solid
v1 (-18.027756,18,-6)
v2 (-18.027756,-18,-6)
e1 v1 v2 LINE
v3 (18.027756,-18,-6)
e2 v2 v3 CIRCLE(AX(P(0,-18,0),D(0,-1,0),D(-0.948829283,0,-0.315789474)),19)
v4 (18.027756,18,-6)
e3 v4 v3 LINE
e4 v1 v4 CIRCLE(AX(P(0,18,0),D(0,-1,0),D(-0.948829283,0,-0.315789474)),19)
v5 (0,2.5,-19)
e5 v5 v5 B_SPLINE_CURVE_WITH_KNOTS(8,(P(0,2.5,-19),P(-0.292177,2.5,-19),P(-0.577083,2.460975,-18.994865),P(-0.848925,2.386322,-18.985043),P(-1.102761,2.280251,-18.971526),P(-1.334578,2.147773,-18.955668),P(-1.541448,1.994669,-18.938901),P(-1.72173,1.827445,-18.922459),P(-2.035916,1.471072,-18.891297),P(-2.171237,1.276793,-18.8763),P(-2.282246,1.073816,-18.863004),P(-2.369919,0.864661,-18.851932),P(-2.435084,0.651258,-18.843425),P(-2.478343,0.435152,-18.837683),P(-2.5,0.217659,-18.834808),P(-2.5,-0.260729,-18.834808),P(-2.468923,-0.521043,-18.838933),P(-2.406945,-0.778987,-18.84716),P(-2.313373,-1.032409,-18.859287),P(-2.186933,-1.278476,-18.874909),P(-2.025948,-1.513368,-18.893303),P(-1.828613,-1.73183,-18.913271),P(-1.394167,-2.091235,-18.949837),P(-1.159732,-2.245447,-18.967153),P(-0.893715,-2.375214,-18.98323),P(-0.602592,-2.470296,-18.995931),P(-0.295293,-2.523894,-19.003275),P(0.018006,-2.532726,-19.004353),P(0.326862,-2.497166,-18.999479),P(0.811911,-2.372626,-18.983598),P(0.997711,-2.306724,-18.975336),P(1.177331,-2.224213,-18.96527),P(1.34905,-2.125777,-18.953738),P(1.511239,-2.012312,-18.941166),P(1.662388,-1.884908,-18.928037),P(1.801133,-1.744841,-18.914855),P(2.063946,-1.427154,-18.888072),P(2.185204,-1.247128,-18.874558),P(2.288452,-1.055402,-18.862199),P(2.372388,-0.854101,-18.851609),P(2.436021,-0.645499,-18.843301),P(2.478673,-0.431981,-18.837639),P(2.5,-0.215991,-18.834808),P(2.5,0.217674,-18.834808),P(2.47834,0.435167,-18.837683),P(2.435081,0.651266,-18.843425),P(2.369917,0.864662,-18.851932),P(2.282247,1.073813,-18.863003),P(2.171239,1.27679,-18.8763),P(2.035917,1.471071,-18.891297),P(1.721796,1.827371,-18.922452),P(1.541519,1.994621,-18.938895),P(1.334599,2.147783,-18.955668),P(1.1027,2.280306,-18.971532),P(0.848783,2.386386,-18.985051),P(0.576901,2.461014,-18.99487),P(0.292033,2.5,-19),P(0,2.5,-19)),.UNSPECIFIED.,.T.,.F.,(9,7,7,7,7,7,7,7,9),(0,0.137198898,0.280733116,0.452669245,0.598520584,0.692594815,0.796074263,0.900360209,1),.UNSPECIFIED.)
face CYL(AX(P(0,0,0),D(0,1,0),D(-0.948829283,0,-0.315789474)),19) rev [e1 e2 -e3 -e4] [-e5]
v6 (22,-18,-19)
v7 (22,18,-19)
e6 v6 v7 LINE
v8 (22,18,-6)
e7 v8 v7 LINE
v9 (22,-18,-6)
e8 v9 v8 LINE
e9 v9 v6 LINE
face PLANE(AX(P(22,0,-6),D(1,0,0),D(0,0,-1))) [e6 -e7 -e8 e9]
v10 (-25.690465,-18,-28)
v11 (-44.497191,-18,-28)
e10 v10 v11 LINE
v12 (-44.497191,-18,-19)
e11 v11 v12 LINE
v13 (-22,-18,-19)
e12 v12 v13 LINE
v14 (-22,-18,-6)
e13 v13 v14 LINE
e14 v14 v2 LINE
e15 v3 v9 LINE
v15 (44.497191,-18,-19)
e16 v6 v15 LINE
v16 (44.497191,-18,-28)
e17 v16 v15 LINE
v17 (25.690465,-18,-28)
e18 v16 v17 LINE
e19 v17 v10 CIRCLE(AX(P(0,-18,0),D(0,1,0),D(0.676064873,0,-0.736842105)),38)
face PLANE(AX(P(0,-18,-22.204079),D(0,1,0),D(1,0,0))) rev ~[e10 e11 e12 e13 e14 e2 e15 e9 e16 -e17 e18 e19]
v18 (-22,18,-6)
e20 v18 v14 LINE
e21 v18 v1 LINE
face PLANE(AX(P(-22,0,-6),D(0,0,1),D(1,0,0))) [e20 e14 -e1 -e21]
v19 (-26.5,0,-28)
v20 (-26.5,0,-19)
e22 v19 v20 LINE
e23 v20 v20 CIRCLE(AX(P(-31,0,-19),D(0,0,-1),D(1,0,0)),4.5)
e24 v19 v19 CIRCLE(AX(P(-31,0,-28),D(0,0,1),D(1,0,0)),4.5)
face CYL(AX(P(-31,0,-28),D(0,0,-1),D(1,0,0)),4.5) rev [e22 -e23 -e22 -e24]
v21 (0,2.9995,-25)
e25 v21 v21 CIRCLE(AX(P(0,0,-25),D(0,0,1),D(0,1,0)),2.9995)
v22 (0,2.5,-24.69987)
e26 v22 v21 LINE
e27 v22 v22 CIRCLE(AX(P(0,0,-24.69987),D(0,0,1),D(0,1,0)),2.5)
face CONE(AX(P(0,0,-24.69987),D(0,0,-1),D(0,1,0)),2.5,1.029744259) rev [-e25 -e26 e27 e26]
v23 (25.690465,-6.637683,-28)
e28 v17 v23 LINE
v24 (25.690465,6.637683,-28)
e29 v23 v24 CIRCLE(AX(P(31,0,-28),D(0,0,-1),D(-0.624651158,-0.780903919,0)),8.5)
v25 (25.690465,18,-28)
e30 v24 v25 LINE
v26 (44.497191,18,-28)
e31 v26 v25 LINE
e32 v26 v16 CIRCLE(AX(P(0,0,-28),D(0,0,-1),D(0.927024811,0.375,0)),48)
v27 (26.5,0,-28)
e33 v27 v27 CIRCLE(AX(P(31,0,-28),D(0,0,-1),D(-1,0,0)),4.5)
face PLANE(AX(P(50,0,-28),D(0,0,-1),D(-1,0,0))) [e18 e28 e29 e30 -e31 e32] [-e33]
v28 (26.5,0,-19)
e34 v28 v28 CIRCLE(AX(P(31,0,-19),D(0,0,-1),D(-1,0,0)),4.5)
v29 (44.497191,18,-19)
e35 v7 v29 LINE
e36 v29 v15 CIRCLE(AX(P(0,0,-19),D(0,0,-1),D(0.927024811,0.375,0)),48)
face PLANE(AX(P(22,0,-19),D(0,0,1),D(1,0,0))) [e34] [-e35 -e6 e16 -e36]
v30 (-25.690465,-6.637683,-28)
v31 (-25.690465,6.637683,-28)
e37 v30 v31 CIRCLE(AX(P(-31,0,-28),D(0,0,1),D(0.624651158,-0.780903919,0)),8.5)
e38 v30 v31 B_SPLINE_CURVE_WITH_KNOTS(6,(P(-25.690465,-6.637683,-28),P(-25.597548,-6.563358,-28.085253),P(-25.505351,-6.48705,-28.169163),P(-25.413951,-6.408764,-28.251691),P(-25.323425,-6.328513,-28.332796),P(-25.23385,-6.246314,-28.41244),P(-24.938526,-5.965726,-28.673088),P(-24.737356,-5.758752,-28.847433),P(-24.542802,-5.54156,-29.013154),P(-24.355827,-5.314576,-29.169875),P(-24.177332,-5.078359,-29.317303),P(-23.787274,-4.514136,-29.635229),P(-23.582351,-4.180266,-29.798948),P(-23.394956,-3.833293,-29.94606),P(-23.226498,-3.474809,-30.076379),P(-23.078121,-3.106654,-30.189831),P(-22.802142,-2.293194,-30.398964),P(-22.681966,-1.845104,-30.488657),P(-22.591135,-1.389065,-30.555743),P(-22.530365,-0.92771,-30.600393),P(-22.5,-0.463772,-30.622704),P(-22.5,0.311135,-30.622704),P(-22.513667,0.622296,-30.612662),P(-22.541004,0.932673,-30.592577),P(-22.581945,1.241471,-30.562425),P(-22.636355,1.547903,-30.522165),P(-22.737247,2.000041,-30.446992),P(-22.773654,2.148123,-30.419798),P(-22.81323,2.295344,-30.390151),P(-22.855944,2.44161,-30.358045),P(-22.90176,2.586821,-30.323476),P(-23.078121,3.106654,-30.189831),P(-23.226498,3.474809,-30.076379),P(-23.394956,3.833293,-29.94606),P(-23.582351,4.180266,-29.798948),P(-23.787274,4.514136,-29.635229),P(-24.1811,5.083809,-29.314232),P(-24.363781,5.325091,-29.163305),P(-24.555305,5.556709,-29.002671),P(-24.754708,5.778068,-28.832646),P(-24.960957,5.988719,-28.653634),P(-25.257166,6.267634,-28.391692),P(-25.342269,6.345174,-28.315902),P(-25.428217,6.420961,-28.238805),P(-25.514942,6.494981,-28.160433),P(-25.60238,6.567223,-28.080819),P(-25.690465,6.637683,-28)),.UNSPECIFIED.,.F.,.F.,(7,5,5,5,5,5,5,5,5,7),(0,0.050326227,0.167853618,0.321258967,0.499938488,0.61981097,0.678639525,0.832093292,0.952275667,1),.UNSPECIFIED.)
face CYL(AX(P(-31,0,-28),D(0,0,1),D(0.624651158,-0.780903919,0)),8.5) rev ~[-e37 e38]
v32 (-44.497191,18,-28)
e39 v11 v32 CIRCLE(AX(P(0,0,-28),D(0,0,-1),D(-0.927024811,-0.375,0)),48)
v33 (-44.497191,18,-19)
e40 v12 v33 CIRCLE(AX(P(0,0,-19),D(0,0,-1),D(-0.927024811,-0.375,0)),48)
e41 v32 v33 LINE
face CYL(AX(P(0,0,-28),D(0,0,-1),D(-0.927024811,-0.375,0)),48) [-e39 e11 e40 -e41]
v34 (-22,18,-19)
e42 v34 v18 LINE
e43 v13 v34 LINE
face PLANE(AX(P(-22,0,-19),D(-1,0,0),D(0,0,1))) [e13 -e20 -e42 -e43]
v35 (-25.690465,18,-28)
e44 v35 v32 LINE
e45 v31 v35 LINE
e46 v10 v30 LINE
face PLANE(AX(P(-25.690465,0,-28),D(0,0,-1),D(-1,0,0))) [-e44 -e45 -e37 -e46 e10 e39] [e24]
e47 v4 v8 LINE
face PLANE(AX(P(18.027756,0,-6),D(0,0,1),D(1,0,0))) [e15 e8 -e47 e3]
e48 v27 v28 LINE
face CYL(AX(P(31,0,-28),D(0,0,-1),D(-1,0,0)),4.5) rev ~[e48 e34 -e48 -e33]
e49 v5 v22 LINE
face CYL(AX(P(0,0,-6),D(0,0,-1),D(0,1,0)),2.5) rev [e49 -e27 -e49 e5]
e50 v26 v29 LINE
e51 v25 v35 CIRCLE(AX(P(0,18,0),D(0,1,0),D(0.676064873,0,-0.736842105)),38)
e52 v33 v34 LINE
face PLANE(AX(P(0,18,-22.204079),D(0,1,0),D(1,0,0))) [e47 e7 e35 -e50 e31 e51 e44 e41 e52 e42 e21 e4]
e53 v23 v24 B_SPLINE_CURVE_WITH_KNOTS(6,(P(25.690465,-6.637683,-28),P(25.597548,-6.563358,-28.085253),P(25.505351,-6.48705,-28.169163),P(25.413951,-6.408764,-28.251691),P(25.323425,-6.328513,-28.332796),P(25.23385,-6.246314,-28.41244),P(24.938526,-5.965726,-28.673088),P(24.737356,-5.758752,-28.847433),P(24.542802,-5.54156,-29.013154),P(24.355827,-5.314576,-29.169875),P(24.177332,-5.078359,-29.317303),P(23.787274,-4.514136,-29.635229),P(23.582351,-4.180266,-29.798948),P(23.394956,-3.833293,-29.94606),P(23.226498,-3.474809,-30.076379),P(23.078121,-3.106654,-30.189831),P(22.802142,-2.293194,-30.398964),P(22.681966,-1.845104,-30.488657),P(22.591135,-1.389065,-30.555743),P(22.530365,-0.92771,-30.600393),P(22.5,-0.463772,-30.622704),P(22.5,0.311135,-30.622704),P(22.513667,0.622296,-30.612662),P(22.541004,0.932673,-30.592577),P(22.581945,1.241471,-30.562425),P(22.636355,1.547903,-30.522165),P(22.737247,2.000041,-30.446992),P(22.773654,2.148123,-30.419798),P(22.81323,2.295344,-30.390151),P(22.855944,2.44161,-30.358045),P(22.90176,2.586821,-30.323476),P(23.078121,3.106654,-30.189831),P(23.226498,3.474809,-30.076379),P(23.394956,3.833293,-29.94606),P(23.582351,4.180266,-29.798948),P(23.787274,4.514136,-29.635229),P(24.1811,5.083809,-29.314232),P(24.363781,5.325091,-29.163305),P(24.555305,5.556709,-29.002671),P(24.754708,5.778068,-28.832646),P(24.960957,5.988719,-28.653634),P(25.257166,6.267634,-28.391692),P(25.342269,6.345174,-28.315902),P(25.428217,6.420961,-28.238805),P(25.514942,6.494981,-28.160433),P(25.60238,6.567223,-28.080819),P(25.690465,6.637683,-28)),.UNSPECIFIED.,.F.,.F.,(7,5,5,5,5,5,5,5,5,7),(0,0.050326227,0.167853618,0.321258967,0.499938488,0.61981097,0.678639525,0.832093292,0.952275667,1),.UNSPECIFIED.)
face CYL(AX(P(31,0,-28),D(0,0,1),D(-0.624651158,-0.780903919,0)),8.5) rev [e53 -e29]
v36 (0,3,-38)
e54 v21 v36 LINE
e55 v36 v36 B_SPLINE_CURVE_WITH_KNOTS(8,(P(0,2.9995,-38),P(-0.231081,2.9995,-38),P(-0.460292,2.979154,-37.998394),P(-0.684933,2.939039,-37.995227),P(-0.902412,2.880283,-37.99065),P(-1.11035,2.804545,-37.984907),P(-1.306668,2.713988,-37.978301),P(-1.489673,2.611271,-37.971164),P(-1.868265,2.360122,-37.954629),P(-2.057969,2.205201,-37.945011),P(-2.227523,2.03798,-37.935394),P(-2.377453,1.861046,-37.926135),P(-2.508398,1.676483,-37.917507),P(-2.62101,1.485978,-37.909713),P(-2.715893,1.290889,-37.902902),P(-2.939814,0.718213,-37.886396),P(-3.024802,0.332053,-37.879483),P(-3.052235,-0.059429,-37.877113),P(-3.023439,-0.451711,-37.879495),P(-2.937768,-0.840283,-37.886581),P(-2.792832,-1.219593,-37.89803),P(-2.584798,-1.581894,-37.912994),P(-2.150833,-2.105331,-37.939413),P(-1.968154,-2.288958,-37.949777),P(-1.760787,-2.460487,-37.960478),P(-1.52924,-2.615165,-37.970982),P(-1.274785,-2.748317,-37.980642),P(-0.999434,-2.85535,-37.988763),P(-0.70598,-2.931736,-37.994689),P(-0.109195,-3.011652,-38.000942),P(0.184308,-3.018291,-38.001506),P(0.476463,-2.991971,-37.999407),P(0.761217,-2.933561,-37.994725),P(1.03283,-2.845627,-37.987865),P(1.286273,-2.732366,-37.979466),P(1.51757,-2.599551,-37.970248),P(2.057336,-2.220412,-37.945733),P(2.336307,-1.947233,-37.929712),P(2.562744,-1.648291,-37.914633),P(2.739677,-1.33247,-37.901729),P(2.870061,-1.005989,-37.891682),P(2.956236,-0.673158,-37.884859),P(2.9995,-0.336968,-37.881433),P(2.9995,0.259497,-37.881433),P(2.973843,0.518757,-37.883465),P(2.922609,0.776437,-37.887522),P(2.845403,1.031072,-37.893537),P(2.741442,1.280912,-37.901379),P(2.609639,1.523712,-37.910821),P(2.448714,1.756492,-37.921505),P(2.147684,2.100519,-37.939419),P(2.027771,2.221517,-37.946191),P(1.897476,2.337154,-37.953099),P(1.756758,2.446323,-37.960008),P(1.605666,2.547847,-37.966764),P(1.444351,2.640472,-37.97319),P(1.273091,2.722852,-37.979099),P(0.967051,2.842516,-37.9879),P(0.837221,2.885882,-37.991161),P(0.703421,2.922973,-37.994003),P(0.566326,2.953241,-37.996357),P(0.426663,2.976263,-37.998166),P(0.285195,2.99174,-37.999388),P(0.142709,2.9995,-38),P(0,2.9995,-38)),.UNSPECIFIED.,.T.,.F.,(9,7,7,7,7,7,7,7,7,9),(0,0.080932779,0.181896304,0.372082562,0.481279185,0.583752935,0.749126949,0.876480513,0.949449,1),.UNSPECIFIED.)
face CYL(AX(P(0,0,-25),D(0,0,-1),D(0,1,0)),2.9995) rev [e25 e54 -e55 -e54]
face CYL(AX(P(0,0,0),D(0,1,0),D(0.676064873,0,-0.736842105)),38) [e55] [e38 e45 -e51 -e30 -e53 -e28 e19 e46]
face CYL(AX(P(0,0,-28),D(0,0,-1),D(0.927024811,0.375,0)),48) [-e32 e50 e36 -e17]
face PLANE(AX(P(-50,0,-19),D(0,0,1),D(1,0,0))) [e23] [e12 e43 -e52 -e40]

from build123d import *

# Parameters (mm, degrees)
BOSS_EXTRUDE1_DEPTH = 18
SKETCH3_R           = 4.5
CUT_EXTRUDE1_DEPTH  = 58.515215378
CUT_EXTRUDE5_DEPTH  = 58.515215378
CUT_EXTRUDE10_REACH = 57.785


with BuildPart() as part:
    # Sketch2 → Boss-Extrude1 (new, symmetric)
    with BuildSketch(Plane(origin=(0, 0, 0), x_dir=(1, 0, 0), z_dir=(0, 1, 0))):
        with BuildLine():
            Line((18.027756377, 6), (22, 6))
            Line((22, 6), (22, 19))
            Line((22, 19), (50, 19))
            Line((50, 19), (50, 28))
            Line((50, 28), (25.690465157, 28))
            ThreePointArc((25.690465157, 28), (0, 38), (-25.690465157, 28))
            Line((-25.690465157, 28), (-50, 28))
            Line((-50, 28), (-50, 19))
            Line((-50, 19), (-22, 19))
            Line((-22, 19), (-22, 6))
            Line((-22, 6), (-18.027756377, 6))
            ThreePointArc((-18.027756377, 6), (0, 19), (18.027756377, 6))
        make_face()
    extrude(amount=BOSS_EXTRUDE1_DEPTH, both=True)

    # Sketch3 → Cut-Extrude1 (cut, through all)
    with BuildSketch(Plane(origin=(0, 0, -28), x_dir=(-1, 0, 0), z_dir=(0, 0, -1))):
        with Locations((-31, 0)):
            Circle(SKETCH3_R)
    cut_extrude1 = extrude(amount=-CUT_EXTRUDE1_DEPTH, mode=Mode.SUBTRACT)

    # Mirror1: Cut-Extrude1 across plane
    add(cut_extrude1.mirror(Plane(origin=(0, 0, 0), x_dir=(0, 0, 1), z_dir=(1, 0, 0))), mode=Mode.SUBTRACT)

    # Sketch4 → Cut-Extrude5 (cut, through all)
    with BuildSketch(Plane(origin=(0, 0, -28), x_dir=(-1, 0, 0), z_dir=(0, 0, -1))):
        with BuildLine():
            ThreePointArc((44.497190923, -18), (48, 0), (44.497190923, 18))
            Line((44.497190923, 18), (50, 18))
            Line((50, 18), (50, -18))
            Line((50, -18), (44.497190923, -18))
        make_face()
        with BuildLine():
            ThreePointArc((-44.497190923, 18), (-48, 0), (-44.497190923, -18))
            Line((-44.497190923, -18), (-50, -18))
            Line((-50, -18), (-50, 18))
            Line((-50, 18), (-44.497190923, 18))
        make_face()
    extrude(amount=-CUT_EXTRUDE5_DEPTH, mode=Mode.SUBTRACT)

    # Sketch10 → CBORE for M5 Hex Head Bolt5 (revolve, cut)
    with BuildSketch(Plane(origin=(0, 0, -38), x_dir=(0, 1, 0), z_dir=(1, 0, 0))):
        Polygon((0, 0), (0, 32), (2.5, 32), (2.5, 13.300129879), (2.9995, 13), (3, 0), align=None)
    revolve(axis=Axis((0, 0, -44.35), (0, 0, 1)), mode=Mode.SUBTRACT)

    # Sketch11 → Cut-Extrude10 (cut, up to next)
    with BuildSketch(Plane(origin=(0, 0, -28), x_dir=(-1, 0, 0), z_dir=(0, 0, -1)), mode=Mode.PRIVATE) as cut_extrude10_sk1:
        with BuildLine():
            Line((25.690465157, 6.637683312), (25.690465157, -6.637683312))
            ThreePointArc((25.690465157, -6.637683312), (22.5, 0), (25.690465157, 6.637683312))
        make_face()
    cut_extrude10_tool1 = extrude(cut_extrude10_sk1.sketch, amount=CUT_EXTRUDE10_REACH, mode=Mode.PRIVATE) & part.part
    cut_extrude10 = cut_extrude10_tool1.solids().sort_by_distance((-24.391227, 0, -28))[0]
    add(cut_extrude10, mode=Mode.SUBTRACT)

    # Mirror2: Cut-Extrude10 across plane
    add(cut_extrude10.mirror(Plane(origin=(0, 0, 0), x_dir=(0, 0, 1), z_dir=(1, 0, 0))), mode=Mode.SUBTRACT)


solid = part.part
